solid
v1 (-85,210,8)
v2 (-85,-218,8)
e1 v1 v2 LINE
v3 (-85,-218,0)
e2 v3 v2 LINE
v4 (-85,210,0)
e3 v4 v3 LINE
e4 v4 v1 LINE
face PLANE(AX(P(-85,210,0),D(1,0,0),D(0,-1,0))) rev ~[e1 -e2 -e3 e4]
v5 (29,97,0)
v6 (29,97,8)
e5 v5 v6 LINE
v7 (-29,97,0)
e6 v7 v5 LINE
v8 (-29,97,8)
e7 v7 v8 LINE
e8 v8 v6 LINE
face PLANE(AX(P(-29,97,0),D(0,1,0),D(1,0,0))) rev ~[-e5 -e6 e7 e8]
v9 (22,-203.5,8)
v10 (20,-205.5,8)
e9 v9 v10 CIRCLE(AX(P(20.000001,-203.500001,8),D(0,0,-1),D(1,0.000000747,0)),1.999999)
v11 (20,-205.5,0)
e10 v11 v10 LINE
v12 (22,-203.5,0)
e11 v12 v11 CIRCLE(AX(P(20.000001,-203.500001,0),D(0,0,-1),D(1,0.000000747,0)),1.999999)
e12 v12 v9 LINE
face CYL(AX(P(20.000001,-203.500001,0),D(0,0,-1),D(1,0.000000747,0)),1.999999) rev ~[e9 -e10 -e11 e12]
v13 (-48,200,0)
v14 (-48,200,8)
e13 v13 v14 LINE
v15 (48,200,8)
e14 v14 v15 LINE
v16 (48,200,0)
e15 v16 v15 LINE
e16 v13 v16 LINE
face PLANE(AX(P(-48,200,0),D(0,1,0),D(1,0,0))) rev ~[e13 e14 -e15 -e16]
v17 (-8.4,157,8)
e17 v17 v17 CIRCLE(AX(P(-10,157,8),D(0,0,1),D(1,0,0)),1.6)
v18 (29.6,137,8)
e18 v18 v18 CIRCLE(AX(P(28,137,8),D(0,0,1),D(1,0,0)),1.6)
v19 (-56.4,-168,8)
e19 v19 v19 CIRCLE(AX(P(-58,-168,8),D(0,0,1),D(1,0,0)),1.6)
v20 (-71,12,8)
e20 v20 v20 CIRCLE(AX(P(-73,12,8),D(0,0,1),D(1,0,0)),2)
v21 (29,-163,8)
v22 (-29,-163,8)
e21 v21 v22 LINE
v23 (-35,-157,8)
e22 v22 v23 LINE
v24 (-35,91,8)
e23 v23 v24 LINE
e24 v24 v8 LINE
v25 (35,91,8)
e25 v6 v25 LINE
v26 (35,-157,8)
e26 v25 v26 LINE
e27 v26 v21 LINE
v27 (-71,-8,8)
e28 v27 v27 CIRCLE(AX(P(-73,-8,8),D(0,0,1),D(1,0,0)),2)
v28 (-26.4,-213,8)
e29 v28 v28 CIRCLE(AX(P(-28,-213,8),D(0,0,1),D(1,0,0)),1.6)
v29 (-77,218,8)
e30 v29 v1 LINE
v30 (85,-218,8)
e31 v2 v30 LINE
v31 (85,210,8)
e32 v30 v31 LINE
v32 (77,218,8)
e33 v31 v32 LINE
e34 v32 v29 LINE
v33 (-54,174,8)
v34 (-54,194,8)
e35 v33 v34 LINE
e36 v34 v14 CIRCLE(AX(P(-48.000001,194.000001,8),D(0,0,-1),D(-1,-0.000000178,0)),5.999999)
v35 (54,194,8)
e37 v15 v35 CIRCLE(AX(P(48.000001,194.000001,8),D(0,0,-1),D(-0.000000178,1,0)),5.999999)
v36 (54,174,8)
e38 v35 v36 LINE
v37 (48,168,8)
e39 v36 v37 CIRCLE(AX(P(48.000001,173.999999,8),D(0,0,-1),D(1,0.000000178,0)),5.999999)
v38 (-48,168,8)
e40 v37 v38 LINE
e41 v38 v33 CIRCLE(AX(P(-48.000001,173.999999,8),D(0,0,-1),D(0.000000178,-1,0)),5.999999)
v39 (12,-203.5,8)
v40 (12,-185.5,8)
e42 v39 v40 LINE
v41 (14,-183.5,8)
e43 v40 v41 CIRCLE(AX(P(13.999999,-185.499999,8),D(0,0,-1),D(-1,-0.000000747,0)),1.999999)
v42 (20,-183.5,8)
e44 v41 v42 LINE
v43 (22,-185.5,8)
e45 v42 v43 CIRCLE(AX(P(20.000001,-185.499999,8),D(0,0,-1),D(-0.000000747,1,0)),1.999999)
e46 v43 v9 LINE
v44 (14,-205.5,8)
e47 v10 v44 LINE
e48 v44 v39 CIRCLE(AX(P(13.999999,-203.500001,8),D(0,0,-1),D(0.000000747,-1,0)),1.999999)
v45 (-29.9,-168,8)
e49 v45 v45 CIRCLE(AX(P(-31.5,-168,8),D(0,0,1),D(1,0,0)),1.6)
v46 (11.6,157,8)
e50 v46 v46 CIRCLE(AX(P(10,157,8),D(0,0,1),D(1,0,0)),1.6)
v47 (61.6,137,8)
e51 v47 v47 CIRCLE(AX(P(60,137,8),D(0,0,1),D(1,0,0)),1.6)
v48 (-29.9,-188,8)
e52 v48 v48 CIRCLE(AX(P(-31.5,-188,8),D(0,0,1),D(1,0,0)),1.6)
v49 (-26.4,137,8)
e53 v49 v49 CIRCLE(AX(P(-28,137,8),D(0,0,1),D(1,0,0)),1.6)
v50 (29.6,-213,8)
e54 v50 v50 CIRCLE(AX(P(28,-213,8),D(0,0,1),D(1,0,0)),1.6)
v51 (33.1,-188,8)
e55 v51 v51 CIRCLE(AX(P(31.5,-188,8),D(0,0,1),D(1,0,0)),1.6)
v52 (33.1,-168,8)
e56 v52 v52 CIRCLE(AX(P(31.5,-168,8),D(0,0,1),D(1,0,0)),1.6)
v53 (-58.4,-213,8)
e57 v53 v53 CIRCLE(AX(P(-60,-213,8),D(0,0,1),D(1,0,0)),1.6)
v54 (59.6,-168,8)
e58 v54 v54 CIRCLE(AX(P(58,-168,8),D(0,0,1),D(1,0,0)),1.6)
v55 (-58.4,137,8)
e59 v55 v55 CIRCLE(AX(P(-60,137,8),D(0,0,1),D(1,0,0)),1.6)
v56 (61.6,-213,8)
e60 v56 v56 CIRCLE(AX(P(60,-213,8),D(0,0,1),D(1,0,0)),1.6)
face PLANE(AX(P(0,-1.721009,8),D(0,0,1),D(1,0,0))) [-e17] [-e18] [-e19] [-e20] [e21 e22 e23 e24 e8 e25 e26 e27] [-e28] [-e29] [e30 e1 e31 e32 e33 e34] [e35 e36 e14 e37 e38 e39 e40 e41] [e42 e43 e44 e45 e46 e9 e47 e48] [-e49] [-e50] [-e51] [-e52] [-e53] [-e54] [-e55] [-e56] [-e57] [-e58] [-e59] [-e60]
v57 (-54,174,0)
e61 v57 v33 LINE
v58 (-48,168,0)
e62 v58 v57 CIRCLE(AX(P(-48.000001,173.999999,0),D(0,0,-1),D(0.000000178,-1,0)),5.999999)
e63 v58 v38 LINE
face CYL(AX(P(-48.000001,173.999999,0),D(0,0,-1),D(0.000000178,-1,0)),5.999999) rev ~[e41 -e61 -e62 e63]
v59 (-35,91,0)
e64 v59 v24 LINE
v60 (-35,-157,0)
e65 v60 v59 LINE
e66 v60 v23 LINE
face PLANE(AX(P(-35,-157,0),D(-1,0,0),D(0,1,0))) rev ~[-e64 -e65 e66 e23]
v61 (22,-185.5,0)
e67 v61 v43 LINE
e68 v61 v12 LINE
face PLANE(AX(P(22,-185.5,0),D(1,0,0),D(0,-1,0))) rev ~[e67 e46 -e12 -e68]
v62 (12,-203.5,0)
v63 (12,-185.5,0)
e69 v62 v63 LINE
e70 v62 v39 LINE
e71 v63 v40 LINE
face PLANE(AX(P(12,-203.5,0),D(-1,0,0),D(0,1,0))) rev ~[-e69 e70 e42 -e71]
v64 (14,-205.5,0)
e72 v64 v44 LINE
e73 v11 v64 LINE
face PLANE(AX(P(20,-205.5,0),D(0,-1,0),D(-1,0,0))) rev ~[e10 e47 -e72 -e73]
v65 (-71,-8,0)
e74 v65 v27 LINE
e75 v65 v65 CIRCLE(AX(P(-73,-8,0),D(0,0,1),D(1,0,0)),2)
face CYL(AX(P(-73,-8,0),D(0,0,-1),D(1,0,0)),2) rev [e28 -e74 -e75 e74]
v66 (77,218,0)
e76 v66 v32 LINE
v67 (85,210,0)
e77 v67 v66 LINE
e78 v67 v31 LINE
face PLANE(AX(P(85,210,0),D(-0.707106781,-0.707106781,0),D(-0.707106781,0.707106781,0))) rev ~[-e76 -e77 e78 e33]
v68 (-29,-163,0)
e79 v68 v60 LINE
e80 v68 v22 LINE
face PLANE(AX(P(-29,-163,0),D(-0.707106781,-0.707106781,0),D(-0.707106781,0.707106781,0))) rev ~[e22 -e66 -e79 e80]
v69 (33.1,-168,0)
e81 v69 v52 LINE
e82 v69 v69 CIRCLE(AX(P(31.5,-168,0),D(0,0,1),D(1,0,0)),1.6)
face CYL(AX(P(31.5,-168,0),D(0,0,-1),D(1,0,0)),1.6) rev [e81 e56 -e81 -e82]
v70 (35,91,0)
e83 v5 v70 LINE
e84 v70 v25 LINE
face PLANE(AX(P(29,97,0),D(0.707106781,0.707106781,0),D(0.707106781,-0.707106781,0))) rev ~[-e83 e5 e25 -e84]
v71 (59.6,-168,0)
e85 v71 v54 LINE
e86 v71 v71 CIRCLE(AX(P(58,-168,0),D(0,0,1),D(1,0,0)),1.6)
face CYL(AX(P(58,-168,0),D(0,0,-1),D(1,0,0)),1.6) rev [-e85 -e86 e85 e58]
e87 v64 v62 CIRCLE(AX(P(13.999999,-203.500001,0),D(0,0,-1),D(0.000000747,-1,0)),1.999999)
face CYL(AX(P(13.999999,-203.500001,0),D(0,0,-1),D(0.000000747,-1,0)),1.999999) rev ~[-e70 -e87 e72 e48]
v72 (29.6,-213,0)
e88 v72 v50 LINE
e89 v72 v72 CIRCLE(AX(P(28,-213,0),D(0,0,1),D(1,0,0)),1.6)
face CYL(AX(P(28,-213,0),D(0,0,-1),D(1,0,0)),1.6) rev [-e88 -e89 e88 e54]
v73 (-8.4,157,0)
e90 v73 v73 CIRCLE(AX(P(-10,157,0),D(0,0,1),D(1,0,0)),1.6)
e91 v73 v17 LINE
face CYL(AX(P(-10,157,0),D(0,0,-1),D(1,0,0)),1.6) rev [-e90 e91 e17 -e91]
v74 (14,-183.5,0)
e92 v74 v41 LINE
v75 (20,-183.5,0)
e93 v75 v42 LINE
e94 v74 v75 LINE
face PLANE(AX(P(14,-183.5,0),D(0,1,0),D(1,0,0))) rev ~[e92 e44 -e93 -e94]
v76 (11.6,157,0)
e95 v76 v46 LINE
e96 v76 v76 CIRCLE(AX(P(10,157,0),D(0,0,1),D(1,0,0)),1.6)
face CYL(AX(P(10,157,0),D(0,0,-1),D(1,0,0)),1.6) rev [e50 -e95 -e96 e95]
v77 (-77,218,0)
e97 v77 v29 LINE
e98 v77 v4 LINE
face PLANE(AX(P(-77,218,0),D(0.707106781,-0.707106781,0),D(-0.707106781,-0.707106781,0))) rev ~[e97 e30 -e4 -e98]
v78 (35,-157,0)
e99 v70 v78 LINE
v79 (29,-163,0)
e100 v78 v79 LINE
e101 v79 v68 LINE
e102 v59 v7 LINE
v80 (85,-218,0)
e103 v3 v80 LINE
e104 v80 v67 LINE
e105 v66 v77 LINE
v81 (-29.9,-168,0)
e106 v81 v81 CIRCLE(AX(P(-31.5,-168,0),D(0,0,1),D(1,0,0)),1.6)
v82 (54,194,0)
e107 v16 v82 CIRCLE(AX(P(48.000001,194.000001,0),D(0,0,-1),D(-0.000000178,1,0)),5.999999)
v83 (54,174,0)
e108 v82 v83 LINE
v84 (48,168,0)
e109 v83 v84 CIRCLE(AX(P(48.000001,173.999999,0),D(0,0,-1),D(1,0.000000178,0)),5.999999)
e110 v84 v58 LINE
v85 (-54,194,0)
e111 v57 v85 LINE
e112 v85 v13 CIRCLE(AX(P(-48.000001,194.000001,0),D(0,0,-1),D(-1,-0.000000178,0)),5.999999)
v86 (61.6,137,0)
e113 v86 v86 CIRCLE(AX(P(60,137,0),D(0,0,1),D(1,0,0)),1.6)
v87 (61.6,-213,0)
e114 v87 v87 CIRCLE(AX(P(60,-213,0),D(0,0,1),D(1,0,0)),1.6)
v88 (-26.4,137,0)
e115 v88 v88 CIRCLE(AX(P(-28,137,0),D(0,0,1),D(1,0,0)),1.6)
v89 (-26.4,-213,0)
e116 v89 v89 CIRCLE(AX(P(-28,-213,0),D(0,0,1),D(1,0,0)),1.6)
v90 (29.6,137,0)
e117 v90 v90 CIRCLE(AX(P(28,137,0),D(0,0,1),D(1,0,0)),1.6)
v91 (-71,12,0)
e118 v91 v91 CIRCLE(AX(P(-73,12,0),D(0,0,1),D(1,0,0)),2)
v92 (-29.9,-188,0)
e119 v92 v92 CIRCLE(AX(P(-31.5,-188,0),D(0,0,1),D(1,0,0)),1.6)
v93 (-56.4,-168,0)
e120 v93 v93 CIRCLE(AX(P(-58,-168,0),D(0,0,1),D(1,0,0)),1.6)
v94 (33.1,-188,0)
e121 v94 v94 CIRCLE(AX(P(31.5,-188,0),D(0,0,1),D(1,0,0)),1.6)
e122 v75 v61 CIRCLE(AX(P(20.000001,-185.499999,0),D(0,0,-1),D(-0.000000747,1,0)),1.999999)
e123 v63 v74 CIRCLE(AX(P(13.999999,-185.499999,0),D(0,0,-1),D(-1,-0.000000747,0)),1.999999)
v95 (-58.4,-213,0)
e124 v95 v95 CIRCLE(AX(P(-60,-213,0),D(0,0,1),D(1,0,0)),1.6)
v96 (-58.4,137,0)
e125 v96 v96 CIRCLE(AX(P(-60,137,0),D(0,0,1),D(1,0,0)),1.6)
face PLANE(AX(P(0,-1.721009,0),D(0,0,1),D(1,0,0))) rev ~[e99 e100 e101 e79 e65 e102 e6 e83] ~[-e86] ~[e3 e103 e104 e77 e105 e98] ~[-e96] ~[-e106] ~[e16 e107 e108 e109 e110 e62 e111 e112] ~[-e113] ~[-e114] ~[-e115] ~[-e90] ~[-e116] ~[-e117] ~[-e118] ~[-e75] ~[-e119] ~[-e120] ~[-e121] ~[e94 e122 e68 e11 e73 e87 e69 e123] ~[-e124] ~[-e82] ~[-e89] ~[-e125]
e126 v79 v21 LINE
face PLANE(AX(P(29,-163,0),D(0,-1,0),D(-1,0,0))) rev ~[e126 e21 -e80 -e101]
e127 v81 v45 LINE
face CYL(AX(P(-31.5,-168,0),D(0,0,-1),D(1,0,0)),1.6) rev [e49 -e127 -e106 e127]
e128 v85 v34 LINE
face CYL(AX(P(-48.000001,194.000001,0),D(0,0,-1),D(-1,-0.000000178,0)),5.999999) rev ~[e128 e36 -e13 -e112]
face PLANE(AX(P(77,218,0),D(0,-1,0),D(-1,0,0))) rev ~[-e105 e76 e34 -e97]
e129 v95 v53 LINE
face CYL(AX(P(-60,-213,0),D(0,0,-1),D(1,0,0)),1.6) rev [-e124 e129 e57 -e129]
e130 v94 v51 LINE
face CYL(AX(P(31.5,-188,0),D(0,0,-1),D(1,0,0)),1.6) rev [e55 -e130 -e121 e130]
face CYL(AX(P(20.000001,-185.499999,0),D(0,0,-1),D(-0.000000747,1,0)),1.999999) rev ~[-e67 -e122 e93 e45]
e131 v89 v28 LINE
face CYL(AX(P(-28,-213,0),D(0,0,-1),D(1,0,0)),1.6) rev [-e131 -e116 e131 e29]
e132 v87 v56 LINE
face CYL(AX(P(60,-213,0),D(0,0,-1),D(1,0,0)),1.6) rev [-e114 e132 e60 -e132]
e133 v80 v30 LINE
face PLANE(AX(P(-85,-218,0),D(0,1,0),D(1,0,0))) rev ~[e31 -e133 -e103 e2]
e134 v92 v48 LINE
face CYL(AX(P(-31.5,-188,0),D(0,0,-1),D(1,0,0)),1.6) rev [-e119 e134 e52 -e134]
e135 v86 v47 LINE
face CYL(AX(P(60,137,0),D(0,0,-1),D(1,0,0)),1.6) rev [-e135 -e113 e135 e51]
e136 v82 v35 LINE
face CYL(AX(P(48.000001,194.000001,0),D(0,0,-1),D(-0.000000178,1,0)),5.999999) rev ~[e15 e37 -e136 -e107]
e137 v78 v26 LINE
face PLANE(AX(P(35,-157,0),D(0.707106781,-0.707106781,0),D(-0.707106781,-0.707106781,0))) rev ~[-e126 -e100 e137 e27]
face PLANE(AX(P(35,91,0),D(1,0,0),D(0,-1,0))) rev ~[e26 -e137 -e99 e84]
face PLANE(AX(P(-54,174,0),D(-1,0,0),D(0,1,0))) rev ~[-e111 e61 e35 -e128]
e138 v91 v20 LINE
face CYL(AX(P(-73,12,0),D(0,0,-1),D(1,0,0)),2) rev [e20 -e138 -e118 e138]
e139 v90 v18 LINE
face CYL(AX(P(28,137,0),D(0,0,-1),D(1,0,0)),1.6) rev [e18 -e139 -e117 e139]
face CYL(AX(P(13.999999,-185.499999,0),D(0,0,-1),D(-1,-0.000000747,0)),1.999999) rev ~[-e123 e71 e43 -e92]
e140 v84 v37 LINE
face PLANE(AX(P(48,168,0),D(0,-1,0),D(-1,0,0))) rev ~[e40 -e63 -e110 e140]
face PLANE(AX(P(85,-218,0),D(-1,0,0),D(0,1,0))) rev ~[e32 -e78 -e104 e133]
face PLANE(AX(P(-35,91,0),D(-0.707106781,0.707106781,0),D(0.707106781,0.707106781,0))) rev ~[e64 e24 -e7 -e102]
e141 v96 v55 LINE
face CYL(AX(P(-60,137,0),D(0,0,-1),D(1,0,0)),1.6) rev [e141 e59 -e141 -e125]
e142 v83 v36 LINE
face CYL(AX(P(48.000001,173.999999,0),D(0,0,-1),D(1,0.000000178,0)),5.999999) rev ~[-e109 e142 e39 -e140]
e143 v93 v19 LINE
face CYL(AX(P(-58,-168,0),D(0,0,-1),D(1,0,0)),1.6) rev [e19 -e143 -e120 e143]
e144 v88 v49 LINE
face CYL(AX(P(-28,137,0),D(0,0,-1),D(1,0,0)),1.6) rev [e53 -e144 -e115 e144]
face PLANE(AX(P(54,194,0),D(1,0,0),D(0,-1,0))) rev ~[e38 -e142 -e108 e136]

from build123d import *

# Parameters (mm, degrees)
F0_R     = 1.6
F0_R_2   = 2
F1_DEPTH = 8


with BuildPart() as f1:
    # F0 (on Top) → F1 (new body)
    with BuildSketch(Plane.XY):
        Polygon((85, -218), (85, 210), (77, 218), (-77, 218), (-85, 210), (-85, -218), align=None)
        with Locations((-60, -213)):
            Circle(F0_R, mode=Mode.SUBTRACT)
        with Locations((-58, -168)):
            Circle(F0_R, mode=Mode.SUBTRACT)
        with Locations((-28, -213)):
            Circle(F0_R, mode=Mode.SUBTRACT)
        with Locations((-31.5, -188)):
            Circle(F0_R, mode=Mode.SUBTRACT)
        with Locations((-31.5, -168)):
            Circle(F0_R, mode=Mode.SUBTRACT)
        with Locations((-73, -8)):
            Circle(F0_R_2, mode=Mode.SUBTRACT)
        with BuildLine():
            ThreePointArc((12, -185.5), (12.585786, -184.085786), (14, -183.5))
            Line((14, -183.5), (20, -183.5))
            ThreePointArc((20, -183.5), (21.414214, -184.085786), (22, -185.5))
            Line((22, -185.5), (22, -203.5))
            ThreePointArc((22, -203.5), (21.414214, -204.914214), (20, -205.5))
            Line((20, -205.5), (14, -205.5))
            ThreePointArc((14, -205.5), (12.585786, -204.914214), (12, -203.5))
            Line((12, -203.5), (12, -185.5))
        make_face(mode=Mode.SUBTRACT)
        with Locations((28, -213)):
            Circle(F0_R, mode=Mode.SUBTRACT)
        with Locations((31.5, -188)):
            Circle(F0_R, mode=Mode.SUBTRACT)
        with Locations((31.5, -168)):
            Circle(F0_R, mode=Mode.SUBTRACT)
        with Locations((60, -213)):
            Circle(F0_R, mode=Mode.SUBTRACT)
        with Locations((58, -168)):
            Circle(F0_R, mode=Mode.SUBTRACT)
        Polygon((-35, 91), (-29, 97), (29, 97), (35, 91), (35, -157), (29, -163), (-29, -163), (-35, -157), align=None, mode=Mode.SUBTRACT)
        with Locations((-73, 12)):
            Circle(F0_R_2, mode=Mode.SUBTRACT)
        with Locations((-60, 137)):
            Circle(F0_R, mode=Mode.SUBTRACT)
        with Locations((-28, 137)):
            Circle(F0_R, mode=Mode.SUBTRACT)
        with Locations((-10, 157)):
            Circle(F0_R, mode=Mode.SUBTRACT)
        with Locations((10, 157)):
            Circle(F0_R, mode=Mode.SUBTRACT)
        with Locations((28, 137)):
            Circle(F0_R, mode=Mode.SUBTRACT)
        with BuildLine():
            ThreePointArc((-54, 194), (-52.242641, 198.242641), (-48, 200))
            Line((-48, 200), (48, 200))
            ThreePointArc((48, 200), (52.242641, 198.242641), (54, 194))
            Line((54, 194), (54, 174))
            ThreePointArc((54, 174), (52.242641, 169.757359), (48, 168))
            Line((48, 168), (-48, 168))
            ThreePointArc((-48, 168), (-52.242641, 169.757359), (-54, 174))
            Line((-54, 174), (-54, 194))
        make_face(mode=Mode.SUBTRACT)
        with Locations((60, 137)):
            Circle(F0_R, mode=Mode.SUBTRACT)
    extrude(amount=F1_DEPTH)


solid = f1.part
